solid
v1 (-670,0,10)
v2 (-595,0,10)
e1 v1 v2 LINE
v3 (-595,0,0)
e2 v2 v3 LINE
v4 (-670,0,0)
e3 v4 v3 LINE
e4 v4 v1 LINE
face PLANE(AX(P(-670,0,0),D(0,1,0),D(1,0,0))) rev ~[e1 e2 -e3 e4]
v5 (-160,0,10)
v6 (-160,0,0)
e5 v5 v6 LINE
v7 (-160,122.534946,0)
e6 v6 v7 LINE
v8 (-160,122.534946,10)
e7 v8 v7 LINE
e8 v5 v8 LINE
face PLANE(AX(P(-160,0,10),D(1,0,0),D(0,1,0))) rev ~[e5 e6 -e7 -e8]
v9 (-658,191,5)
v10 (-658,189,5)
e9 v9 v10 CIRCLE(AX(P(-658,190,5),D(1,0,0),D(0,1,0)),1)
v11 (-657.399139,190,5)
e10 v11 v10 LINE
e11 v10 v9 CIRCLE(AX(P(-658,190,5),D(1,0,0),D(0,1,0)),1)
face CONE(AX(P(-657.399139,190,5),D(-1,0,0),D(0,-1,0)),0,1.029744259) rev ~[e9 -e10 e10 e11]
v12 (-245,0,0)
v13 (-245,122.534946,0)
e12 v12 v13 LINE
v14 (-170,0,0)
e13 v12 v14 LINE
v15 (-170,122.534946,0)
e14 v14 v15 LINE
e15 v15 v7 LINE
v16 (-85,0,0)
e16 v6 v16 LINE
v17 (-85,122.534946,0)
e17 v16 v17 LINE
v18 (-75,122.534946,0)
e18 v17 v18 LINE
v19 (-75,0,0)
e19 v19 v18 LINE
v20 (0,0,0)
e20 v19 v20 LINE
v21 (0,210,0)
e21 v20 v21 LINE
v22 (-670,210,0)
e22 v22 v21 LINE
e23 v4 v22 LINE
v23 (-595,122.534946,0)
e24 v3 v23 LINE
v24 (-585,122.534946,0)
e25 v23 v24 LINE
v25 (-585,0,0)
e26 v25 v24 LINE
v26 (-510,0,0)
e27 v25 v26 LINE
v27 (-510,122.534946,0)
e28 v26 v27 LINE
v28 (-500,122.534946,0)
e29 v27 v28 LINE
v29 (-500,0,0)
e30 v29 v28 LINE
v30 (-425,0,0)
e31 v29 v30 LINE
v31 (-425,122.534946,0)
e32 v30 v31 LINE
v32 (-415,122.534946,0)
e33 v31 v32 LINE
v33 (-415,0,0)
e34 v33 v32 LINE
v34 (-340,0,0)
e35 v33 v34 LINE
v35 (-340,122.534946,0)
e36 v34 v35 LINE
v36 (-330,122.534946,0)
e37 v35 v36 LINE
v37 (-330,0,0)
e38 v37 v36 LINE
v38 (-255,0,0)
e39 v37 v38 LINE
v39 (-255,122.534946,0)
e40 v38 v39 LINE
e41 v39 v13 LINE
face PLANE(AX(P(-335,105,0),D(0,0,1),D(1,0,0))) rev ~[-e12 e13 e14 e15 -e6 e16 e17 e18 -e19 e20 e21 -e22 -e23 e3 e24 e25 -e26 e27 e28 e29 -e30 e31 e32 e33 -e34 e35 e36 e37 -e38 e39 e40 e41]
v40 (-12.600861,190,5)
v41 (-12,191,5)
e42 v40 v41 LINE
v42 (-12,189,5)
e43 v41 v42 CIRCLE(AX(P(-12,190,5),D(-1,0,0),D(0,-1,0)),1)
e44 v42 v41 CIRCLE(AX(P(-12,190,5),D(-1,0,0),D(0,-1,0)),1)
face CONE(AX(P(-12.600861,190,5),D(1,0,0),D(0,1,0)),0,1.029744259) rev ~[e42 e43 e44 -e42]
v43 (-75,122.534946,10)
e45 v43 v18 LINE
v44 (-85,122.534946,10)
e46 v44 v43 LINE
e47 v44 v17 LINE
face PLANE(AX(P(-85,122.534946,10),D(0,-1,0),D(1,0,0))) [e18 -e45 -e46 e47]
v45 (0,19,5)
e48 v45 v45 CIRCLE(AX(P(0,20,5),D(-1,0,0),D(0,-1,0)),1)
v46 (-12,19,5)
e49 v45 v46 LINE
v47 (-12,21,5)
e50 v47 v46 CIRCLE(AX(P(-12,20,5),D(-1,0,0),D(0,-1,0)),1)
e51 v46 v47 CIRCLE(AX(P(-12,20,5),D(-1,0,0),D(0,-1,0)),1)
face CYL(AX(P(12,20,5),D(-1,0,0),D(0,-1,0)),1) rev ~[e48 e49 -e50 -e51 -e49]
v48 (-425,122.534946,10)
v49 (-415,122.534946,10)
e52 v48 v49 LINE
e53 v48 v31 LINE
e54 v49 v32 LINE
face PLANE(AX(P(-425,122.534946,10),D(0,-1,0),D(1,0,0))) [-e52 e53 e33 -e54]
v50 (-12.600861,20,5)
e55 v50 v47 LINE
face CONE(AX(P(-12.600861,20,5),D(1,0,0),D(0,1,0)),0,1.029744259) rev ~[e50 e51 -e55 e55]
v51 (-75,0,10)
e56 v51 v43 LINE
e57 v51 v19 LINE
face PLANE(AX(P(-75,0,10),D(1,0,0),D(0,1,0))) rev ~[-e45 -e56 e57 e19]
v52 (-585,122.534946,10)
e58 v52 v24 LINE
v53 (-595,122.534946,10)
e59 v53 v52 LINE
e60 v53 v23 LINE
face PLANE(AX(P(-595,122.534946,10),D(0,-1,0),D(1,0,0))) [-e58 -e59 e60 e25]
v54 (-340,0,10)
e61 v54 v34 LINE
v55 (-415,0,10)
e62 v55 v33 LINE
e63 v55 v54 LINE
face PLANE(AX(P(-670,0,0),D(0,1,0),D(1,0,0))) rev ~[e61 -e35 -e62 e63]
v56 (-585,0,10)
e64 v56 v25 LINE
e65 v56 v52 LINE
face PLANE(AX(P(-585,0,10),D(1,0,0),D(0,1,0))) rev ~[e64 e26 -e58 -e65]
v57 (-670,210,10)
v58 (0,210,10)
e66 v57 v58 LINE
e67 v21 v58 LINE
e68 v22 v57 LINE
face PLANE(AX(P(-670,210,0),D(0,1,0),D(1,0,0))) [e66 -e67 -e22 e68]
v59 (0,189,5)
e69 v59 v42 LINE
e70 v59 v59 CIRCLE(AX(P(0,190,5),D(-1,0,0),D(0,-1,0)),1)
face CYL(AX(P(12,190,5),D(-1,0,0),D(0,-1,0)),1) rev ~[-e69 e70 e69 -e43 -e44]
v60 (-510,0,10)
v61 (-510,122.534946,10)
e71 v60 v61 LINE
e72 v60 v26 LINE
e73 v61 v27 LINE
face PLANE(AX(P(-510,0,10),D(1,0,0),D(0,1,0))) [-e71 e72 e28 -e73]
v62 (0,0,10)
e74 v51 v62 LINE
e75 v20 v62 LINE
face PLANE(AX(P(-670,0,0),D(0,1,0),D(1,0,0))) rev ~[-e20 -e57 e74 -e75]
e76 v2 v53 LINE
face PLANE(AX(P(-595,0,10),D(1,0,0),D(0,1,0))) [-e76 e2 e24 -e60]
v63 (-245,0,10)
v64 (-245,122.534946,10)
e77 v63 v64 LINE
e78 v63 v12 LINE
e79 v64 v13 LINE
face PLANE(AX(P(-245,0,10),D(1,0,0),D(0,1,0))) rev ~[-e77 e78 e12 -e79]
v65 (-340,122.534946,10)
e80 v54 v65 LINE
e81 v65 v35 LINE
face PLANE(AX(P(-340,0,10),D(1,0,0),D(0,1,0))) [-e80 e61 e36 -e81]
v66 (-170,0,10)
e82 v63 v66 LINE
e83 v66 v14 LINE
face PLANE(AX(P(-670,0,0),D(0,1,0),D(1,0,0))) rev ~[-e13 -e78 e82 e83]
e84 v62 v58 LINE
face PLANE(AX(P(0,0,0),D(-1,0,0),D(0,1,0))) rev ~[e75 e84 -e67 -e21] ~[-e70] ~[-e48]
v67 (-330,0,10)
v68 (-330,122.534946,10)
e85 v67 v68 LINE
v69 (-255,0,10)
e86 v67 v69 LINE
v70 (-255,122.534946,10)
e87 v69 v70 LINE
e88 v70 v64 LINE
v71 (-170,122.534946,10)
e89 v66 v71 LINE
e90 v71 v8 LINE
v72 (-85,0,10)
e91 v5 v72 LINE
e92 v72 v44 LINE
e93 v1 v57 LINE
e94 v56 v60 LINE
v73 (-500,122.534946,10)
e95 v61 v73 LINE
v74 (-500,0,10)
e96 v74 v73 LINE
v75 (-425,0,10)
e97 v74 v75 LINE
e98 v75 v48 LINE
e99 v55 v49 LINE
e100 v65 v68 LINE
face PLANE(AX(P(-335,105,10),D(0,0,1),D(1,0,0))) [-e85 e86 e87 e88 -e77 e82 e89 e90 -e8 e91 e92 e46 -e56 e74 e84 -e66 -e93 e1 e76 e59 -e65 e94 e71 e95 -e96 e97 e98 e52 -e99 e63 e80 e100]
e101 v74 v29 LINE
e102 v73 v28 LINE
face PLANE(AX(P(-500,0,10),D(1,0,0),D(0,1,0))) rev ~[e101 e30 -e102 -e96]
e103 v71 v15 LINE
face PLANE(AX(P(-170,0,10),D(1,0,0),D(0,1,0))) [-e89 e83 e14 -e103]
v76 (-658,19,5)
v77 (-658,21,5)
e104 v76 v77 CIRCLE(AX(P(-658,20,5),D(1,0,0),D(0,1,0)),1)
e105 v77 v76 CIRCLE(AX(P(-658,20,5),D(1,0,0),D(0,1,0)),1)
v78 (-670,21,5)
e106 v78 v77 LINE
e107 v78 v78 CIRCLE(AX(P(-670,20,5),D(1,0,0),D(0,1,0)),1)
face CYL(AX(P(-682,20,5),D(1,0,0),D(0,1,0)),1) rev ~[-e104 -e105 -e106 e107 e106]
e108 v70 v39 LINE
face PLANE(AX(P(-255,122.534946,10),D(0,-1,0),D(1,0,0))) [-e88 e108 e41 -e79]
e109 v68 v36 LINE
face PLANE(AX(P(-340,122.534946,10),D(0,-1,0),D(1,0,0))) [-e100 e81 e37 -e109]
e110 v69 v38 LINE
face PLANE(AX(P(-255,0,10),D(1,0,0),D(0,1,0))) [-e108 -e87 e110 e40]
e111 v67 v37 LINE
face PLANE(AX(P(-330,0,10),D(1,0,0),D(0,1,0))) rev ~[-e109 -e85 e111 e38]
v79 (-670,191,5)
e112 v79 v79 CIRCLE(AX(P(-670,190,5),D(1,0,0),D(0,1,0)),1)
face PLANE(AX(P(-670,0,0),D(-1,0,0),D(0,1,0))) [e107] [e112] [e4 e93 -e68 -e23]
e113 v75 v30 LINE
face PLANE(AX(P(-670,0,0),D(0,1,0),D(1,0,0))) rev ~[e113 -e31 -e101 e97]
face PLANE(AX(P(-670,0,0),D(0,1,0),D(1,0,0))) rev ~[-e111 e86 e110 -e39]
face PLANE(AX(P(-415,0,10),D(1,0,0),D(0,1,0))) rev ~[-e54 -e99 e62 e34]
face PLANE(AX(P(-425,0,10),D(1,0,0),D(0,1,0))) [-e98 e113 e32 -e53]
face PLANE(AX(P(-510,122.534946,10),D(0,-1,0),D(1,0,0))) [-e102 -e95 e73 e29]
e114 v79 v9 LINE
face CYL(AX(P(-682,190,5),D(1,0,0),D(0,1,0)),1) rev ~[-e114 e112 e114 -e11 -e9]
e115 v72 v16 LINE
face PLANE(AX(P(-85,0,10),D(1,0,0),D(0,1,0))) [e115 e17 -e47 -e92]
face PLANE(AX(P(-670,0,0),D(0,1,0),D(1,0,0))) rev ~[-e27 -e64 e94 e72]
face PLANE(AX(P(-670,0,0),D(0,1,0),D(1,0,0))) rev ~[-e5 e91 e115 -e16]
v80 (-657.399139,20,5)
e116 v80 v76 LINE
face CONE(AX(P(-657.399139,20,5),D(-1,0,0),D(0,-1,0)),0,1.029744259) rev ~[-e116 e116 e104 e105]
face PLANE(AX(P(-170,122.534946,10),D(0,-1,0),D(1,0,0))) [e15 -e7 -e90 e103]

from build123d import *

# Parameters (mm, degrees)
F0_W     = 670
F0_H     = 210
F1_DEPTH = 10
F2_W     = 10
F2_H     = 122.5349456072
F3_DEPTH = 25
F5_D     = 2
F5_DEPTH = 12
F5_TIP   = 0.600860619
F7_D     = 2
F7_DEPTH = 12
F7_TIP   = 0.600860619


with BuildPart() as f1:
    # F0 (on Top) → F1 (new body)
    with BuildSketch(Plane.XY):
        with Locations((-335, 105)):
            Rectangle(F0_W, F0_H)
    extrude(amount=F1_DEPTH)

    # F2 (on face) → F3 (cut)
    with BuildSketch(Plane.XY.offset(10)):
        with Locations((-590, 61.2674728036)):
            Rectangle(F2_W, F2_H)
        with Locations((-505, 61.2674728036)):
            Rectangle(F2_W, F2_H)
        with Locations((-420, 61.2674728036)):
            Rectangle(F2_W, F2_H)
        with Locations((-335, 61.2674728036)):
            Rectangle(F2_W, F2_H)
        with Locations((-250, 61.2674728036)):
            Rectangle(F2_W, F2_H)
        with Locations((-165, 61.2674728036)):
            Rectangle(F2_W, F2_H)
        with Locations((-80, 61.2674728036)):
            Rectangle(F2_W, F2_H)
    extrude(amount=-F3_DEPTH, mode=Mode.SUBTRACT)

    # F5
    with Locations(Plane(origin=(-670, 0, 0), x_dir=(0, -1, 0), z_dir=(-1, 0, 0))):
        with Locations((-190, 5), (-20, 5)):
            Hole(F5_D / 2, depth=F5_DEPTH)
            with Locations((0, 0, -(F5_DEPTH + F5_TIP / 2))):  # 118° drill point
                Cone(0, F5_D / 2, F5_TIP, mode=Mode.SUBTRACT)

    # F7
    with Locations(Plane.YZ):
        with Locations((20, 5), (190, 5)):
            Hole(F7_D / 2, depth=F7_DEPTH)
            with Locations((0, 0, -(F7_DEPTH + F7_TIP / 2))):  # 118° drill point
                Cone(0, F7_D / 2, F7_TIP, mode=Mode.SUBTRACT)


solid = f1.part
